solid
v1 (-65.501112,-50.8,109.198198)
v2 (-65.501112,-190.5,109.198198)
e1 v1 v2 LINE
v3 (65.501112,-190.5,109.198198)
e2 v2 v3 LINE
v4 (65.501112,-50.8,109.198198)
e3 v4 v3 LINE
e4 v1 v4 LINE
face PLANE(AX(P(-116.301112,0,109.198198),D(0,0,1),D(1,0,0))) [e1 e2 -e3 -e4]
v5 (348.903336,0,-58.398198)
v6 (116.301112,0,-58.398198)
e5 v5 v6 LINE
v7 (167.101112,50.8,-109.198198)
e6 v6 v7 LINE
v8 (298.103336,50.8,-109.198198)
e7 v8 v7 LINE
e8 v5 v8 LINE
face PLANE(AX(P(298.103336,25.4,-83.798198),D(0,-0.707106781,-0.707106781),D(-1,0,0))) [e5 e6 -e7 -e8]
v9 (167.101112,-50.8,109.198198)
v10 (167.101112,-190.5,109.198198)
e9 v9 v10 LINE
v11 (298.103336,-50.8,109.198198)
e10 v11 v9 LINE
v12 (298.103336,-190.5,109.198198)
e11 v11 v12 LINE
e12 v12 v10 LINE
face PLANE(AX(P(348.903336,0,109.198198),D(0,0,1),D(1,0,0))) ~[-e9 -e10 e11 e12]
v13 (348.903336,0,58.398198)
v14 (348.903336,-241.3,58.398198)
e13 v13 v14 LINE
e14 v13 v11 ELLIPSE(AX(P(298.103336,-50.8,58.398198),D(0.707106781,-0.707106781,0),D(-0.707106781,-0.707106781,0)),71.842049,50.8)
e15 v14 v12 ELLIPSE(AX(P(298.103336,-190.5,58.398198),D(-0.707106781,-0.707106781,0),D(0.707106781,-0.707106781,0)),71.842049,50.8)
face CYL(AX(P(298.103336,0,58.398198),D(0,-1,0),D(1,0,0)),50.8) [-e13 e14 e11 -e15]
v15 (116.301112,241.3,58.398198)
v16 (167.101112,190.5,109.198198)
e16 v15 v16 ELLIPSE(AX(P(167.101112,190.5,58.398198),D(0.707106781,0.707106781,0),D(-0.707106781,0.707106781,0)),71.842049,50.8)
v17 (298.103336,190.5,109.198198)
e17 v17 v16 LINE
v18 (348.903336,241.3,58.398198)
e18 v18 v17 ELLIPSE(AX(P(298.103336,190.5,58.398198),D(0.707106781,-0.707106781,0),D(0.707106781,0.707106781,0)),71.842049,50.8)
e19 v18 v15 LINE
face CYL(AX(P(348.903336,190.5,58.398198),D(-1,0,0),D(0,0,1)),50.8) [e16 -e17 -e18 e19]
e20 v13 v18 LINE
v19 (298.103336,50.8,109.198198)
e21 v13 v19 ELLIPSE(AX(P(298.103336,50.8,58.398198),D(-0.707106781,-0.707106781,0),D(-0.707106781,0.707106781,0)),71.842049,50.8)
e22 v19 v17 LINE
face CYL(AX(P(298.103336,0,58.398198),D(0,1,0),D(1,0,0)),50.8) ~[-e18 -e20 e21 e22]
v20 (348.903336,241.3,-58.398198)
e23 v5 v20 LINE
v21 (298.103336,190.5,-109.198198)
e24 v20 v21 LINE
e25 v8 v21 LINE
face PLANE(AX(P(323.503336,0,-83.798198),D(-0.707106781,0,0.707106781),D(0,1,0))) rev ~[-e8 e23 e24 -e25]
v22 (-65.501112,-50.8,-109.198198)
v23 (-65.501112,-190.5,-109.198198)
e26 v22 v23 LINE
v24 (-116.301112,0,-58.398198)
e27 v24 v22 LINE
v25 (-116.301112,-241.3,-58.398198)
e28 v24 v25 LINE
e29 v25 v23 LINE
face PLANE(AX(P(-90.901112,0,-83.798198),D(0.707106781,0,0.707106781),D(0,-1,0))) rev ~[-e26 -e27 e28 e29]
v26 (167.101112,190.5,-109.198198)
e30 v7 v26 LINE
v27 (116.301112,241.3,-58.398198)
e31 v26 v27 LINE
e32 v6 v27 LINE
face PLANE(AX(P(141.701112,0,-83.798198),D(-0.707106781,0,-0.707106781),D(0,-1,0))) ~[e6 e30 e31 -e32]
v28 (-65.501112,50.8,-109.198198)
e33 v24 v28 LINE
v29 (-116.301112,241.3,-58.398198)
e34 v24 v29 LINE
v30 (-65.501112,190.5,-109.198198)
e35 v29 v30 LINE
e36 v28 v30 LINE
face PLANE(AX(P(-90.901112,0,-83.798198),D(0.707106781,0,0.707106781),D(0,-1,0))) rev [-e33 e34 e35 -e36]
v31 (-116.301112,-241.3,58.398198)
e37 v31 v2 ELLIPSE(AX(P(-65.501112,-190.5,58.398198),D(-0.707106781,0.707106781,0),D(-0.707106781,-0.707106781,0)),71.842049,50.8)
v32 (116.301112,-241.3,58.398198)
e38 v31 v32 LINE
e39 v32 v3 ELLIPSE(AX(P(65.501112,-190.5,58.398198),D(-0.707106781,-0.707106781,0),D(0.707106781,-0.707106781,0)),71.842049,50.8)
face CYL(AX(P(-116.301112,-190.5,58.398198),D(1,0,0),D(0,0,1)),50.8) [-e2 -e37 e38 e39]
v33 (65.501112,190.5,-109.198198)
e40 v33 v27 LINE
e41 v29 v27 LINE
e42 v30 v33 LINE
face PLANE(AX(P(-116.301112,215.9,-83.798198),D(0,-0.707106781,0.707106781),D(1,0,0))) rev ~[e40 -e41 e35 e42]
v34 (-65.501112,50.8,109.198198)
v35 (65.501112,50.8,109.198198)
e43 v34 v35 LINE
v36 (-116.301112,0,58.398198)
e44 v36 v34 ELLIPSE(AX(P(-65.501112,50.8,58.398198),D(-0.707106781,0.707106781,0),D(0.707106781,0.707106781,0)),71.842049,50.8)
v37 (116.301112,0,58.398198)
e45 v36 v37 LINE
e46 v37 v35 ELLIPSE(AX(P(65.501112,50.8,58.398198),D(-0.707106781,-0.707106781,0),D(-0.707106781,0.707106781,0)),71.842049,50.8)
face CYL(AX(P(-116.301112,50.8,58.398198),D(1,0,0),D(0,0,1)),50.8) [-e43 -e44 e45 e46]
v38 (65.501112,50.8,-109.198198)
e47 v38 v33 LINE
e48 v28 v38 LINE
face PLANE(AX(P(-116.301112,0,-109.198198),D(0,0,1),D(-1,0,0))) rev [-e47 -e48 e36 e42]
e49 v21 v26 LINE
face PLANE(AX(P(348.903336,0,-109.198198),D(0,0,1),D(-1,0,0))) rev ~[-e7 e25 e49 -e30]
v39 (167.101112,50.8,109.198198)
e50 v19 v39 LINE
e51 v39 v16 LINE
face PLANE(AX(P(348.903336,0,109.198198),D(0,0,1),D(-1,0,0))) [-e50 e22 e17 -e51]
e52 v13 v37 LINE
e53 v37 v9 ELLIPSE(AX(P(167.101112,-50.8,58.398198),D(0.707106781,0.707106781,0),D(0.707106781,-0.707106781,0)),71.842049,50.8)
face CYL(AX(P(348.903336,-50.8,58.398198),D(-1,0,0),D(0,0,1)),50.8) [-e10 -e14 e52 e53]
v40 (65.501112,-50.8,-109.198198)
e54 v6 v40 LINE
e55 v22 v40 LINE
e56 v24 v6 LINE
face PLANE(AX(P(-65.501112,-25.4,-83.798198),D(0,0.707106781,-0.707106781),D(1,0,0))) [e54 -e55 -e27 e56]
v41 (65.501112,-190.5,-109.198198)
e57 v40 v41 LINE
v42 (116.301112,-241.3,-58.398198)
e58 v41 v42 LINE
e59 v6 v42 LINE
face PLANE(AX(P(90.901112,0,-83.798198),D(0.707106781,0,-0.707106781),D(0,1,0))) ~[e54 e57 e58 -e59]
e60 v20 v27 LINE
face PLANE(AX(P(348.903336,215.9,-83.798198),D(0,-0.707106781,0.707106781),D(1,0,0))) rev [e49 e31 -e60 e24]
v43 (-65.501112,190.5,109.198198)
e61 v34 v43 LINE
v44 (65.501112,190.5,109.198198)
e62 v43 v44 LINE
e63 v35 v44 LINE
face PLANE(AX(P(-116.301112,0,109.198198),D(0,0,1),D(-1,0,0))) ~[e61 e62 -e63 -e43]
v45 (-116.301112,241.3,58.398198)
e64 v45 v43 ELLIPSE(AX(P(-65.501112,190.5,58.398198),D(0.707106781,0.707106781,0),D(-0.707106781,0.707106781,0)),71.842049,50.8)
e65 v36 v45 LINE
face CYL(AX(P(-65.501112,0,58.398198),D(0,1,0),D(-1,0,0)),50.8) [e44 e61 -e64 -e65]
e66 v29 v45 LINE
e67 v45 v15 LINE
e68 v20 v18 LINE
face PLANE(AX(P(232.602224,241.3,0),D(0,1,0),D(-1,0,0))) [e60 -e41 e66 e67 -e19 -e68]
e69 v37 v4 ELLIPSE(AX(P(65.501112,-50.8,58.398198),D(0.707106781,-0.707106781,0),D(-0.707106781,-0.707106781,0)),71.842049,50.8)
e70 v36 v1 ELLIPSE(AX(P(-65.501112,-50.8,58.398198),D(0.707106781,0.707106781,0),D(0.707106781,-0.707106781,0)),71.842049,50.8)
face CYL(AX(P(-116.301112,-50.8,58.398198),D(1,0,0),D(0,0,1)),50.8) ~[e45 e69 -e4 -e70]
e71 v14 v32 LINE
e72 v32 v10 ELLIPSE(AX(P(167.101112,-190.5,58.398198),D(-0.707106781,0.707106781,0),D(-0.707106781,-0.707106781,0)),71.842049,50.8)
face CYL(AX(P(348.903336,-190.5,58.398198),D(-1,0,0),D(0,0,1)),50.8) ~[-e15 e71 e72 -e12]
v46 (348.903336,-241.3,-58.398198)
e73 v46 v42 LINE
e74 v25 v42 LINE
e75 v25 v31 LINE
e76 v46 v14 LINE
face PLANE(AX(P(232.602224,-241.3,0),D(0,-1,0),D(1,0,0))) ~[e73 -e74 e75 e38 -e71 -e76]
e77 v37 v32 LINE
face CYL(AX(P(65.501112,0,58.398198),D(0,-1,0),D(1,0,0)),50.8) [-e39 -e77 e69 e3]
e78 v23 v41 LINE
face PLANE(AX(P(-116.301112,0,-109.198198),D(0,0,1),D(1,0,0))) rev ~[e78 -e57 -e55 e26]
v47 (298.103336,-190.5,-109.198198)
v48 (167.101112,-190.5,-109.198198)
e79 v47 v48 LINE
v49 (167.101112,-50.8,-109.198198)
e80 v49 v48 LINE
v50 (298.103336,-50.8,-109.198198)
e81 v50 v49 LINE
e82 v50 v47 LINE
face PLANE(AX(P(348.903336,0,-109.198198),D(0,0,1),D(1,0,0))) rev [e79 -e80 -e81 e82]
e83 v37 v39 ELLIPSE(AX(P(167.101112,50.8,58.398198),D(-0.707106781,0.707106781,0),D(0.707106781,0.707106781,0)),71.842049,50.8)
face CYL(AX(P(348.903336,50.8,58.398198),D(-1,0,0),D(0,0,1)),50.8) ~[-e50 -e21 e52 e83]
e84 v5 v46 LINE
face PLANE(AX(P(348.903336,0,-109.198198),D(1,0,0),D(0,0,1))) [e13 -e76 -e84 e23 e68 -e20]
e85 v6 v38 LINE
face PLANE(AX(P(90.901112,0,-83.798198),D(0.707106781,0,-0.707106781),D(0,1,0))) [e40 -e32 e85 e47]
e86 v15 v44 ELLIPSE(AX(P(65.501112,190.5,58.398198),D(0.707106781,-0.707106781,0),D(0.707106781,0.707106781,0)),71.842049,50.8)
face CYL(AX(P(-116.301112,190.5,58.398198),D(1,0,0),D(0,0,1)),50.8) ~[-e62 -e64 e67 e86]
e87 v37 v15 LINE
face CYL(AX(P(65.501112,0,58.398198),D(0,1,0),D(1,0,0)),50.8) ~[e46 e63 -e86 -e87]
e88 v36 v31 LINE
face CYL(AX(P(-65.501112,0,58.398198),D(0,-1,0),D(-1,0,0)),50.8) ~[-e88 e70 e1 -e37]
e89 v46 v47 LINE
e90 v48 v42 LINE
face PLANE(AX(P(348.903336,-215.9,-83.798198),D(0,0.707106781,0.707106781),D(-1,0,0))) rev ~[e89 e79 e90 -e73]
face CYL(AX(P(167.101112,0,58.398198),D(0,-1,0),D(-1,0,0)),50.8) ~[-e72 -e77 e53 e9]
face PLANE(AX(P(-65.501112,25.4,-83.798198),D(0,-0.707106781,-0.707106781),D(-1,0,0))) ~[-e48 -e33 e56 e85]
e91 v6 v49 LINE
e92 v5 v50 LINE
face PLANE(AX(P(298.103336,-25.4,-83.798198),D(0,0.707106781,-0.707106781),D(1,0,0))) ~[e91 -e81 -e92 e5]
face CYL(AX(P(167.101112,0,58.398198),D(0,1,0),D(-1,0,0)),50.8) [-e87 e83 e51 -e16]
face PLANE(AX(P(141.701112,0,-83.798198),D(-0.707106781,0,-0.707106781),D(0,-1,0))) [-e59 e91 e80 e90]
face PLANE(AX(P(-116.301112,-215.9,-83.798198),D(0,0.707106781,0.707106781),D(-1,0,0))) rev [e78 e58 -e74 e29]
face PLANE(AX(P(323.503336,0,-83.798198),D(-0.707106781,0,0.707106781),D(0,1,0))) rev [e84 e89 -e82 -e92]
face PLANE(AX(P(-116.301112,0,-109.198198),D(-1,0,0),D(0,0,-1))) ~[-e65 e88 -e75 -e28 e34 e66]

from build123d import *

# Parameters (mm, degrees)
F0_W     = 232.602224
F0_H     = 218.396396
F1_DEPTH = 241.3
F2_R     = 50.8
F3_SIZE  = 50.8
F4_SIZE  = 50.8
F5_SIZE  = 50.8


with BuildPart() as f1:
    # F0 (on Front) → F1 (new body)
    with BuildSketch(Plane.XZ):
        Rectangle(F0_W, F0_H)
    extrude(amount=F1_DEPTH)

    # F2
    f2_edges = [f1.edges().sort_by_distance(p)[0] for p in [
        (116.301112, -120.65, 109.198198),
        (-116.301112, -120.65, 109.198198),
        (0, 0, 109.198198),
        (0, -241.3, 109.198198),
    ]]
    fillet(f2_edges, radius=F2_R)

    # F3
    f3_edges = [f1.edges().sort_by_distance(p)[0] for p in [
        (0, -241.3, -109.198198),
    ]]
    chamfer(f3_edges, length=F3_SIZE)

    # F4
    f4_edges = [f1.edges().sort_by_distance(p)[0] for p in [
        (-116.301112, -95.25, -109.198198),
    ]]
    chamfer(f4_edges, length=F4_SIZE)

    # F5
    f5_edges = [f1.edges().sort_by_distance(p)[0] for p in [
        (25.4, 0, -109.198198),
        (116.301112, -95.25, -109.198198),
    ]]
    chamfer(f5_edges, length=F5_SIZE)

    # F6: F1 across face


with BuildPart() as f1_1:
    add(f1.part)
    add(f1.part.mirror(Plane(origin=(116.301112, -120.65, 0), x_dir=(0, 1, 0), z_dir=(1, 0, 0))))

    # F7: F1 across face


with BuildPart() as f1_2:
    add(f1_1.part)
    add(f1_1.part.mirror(Plane(origin=(116.301112, 0, 0), x_dir=(1, 0, 0), z_dir=(0, 1, 0))))


solid = f1_2.part
